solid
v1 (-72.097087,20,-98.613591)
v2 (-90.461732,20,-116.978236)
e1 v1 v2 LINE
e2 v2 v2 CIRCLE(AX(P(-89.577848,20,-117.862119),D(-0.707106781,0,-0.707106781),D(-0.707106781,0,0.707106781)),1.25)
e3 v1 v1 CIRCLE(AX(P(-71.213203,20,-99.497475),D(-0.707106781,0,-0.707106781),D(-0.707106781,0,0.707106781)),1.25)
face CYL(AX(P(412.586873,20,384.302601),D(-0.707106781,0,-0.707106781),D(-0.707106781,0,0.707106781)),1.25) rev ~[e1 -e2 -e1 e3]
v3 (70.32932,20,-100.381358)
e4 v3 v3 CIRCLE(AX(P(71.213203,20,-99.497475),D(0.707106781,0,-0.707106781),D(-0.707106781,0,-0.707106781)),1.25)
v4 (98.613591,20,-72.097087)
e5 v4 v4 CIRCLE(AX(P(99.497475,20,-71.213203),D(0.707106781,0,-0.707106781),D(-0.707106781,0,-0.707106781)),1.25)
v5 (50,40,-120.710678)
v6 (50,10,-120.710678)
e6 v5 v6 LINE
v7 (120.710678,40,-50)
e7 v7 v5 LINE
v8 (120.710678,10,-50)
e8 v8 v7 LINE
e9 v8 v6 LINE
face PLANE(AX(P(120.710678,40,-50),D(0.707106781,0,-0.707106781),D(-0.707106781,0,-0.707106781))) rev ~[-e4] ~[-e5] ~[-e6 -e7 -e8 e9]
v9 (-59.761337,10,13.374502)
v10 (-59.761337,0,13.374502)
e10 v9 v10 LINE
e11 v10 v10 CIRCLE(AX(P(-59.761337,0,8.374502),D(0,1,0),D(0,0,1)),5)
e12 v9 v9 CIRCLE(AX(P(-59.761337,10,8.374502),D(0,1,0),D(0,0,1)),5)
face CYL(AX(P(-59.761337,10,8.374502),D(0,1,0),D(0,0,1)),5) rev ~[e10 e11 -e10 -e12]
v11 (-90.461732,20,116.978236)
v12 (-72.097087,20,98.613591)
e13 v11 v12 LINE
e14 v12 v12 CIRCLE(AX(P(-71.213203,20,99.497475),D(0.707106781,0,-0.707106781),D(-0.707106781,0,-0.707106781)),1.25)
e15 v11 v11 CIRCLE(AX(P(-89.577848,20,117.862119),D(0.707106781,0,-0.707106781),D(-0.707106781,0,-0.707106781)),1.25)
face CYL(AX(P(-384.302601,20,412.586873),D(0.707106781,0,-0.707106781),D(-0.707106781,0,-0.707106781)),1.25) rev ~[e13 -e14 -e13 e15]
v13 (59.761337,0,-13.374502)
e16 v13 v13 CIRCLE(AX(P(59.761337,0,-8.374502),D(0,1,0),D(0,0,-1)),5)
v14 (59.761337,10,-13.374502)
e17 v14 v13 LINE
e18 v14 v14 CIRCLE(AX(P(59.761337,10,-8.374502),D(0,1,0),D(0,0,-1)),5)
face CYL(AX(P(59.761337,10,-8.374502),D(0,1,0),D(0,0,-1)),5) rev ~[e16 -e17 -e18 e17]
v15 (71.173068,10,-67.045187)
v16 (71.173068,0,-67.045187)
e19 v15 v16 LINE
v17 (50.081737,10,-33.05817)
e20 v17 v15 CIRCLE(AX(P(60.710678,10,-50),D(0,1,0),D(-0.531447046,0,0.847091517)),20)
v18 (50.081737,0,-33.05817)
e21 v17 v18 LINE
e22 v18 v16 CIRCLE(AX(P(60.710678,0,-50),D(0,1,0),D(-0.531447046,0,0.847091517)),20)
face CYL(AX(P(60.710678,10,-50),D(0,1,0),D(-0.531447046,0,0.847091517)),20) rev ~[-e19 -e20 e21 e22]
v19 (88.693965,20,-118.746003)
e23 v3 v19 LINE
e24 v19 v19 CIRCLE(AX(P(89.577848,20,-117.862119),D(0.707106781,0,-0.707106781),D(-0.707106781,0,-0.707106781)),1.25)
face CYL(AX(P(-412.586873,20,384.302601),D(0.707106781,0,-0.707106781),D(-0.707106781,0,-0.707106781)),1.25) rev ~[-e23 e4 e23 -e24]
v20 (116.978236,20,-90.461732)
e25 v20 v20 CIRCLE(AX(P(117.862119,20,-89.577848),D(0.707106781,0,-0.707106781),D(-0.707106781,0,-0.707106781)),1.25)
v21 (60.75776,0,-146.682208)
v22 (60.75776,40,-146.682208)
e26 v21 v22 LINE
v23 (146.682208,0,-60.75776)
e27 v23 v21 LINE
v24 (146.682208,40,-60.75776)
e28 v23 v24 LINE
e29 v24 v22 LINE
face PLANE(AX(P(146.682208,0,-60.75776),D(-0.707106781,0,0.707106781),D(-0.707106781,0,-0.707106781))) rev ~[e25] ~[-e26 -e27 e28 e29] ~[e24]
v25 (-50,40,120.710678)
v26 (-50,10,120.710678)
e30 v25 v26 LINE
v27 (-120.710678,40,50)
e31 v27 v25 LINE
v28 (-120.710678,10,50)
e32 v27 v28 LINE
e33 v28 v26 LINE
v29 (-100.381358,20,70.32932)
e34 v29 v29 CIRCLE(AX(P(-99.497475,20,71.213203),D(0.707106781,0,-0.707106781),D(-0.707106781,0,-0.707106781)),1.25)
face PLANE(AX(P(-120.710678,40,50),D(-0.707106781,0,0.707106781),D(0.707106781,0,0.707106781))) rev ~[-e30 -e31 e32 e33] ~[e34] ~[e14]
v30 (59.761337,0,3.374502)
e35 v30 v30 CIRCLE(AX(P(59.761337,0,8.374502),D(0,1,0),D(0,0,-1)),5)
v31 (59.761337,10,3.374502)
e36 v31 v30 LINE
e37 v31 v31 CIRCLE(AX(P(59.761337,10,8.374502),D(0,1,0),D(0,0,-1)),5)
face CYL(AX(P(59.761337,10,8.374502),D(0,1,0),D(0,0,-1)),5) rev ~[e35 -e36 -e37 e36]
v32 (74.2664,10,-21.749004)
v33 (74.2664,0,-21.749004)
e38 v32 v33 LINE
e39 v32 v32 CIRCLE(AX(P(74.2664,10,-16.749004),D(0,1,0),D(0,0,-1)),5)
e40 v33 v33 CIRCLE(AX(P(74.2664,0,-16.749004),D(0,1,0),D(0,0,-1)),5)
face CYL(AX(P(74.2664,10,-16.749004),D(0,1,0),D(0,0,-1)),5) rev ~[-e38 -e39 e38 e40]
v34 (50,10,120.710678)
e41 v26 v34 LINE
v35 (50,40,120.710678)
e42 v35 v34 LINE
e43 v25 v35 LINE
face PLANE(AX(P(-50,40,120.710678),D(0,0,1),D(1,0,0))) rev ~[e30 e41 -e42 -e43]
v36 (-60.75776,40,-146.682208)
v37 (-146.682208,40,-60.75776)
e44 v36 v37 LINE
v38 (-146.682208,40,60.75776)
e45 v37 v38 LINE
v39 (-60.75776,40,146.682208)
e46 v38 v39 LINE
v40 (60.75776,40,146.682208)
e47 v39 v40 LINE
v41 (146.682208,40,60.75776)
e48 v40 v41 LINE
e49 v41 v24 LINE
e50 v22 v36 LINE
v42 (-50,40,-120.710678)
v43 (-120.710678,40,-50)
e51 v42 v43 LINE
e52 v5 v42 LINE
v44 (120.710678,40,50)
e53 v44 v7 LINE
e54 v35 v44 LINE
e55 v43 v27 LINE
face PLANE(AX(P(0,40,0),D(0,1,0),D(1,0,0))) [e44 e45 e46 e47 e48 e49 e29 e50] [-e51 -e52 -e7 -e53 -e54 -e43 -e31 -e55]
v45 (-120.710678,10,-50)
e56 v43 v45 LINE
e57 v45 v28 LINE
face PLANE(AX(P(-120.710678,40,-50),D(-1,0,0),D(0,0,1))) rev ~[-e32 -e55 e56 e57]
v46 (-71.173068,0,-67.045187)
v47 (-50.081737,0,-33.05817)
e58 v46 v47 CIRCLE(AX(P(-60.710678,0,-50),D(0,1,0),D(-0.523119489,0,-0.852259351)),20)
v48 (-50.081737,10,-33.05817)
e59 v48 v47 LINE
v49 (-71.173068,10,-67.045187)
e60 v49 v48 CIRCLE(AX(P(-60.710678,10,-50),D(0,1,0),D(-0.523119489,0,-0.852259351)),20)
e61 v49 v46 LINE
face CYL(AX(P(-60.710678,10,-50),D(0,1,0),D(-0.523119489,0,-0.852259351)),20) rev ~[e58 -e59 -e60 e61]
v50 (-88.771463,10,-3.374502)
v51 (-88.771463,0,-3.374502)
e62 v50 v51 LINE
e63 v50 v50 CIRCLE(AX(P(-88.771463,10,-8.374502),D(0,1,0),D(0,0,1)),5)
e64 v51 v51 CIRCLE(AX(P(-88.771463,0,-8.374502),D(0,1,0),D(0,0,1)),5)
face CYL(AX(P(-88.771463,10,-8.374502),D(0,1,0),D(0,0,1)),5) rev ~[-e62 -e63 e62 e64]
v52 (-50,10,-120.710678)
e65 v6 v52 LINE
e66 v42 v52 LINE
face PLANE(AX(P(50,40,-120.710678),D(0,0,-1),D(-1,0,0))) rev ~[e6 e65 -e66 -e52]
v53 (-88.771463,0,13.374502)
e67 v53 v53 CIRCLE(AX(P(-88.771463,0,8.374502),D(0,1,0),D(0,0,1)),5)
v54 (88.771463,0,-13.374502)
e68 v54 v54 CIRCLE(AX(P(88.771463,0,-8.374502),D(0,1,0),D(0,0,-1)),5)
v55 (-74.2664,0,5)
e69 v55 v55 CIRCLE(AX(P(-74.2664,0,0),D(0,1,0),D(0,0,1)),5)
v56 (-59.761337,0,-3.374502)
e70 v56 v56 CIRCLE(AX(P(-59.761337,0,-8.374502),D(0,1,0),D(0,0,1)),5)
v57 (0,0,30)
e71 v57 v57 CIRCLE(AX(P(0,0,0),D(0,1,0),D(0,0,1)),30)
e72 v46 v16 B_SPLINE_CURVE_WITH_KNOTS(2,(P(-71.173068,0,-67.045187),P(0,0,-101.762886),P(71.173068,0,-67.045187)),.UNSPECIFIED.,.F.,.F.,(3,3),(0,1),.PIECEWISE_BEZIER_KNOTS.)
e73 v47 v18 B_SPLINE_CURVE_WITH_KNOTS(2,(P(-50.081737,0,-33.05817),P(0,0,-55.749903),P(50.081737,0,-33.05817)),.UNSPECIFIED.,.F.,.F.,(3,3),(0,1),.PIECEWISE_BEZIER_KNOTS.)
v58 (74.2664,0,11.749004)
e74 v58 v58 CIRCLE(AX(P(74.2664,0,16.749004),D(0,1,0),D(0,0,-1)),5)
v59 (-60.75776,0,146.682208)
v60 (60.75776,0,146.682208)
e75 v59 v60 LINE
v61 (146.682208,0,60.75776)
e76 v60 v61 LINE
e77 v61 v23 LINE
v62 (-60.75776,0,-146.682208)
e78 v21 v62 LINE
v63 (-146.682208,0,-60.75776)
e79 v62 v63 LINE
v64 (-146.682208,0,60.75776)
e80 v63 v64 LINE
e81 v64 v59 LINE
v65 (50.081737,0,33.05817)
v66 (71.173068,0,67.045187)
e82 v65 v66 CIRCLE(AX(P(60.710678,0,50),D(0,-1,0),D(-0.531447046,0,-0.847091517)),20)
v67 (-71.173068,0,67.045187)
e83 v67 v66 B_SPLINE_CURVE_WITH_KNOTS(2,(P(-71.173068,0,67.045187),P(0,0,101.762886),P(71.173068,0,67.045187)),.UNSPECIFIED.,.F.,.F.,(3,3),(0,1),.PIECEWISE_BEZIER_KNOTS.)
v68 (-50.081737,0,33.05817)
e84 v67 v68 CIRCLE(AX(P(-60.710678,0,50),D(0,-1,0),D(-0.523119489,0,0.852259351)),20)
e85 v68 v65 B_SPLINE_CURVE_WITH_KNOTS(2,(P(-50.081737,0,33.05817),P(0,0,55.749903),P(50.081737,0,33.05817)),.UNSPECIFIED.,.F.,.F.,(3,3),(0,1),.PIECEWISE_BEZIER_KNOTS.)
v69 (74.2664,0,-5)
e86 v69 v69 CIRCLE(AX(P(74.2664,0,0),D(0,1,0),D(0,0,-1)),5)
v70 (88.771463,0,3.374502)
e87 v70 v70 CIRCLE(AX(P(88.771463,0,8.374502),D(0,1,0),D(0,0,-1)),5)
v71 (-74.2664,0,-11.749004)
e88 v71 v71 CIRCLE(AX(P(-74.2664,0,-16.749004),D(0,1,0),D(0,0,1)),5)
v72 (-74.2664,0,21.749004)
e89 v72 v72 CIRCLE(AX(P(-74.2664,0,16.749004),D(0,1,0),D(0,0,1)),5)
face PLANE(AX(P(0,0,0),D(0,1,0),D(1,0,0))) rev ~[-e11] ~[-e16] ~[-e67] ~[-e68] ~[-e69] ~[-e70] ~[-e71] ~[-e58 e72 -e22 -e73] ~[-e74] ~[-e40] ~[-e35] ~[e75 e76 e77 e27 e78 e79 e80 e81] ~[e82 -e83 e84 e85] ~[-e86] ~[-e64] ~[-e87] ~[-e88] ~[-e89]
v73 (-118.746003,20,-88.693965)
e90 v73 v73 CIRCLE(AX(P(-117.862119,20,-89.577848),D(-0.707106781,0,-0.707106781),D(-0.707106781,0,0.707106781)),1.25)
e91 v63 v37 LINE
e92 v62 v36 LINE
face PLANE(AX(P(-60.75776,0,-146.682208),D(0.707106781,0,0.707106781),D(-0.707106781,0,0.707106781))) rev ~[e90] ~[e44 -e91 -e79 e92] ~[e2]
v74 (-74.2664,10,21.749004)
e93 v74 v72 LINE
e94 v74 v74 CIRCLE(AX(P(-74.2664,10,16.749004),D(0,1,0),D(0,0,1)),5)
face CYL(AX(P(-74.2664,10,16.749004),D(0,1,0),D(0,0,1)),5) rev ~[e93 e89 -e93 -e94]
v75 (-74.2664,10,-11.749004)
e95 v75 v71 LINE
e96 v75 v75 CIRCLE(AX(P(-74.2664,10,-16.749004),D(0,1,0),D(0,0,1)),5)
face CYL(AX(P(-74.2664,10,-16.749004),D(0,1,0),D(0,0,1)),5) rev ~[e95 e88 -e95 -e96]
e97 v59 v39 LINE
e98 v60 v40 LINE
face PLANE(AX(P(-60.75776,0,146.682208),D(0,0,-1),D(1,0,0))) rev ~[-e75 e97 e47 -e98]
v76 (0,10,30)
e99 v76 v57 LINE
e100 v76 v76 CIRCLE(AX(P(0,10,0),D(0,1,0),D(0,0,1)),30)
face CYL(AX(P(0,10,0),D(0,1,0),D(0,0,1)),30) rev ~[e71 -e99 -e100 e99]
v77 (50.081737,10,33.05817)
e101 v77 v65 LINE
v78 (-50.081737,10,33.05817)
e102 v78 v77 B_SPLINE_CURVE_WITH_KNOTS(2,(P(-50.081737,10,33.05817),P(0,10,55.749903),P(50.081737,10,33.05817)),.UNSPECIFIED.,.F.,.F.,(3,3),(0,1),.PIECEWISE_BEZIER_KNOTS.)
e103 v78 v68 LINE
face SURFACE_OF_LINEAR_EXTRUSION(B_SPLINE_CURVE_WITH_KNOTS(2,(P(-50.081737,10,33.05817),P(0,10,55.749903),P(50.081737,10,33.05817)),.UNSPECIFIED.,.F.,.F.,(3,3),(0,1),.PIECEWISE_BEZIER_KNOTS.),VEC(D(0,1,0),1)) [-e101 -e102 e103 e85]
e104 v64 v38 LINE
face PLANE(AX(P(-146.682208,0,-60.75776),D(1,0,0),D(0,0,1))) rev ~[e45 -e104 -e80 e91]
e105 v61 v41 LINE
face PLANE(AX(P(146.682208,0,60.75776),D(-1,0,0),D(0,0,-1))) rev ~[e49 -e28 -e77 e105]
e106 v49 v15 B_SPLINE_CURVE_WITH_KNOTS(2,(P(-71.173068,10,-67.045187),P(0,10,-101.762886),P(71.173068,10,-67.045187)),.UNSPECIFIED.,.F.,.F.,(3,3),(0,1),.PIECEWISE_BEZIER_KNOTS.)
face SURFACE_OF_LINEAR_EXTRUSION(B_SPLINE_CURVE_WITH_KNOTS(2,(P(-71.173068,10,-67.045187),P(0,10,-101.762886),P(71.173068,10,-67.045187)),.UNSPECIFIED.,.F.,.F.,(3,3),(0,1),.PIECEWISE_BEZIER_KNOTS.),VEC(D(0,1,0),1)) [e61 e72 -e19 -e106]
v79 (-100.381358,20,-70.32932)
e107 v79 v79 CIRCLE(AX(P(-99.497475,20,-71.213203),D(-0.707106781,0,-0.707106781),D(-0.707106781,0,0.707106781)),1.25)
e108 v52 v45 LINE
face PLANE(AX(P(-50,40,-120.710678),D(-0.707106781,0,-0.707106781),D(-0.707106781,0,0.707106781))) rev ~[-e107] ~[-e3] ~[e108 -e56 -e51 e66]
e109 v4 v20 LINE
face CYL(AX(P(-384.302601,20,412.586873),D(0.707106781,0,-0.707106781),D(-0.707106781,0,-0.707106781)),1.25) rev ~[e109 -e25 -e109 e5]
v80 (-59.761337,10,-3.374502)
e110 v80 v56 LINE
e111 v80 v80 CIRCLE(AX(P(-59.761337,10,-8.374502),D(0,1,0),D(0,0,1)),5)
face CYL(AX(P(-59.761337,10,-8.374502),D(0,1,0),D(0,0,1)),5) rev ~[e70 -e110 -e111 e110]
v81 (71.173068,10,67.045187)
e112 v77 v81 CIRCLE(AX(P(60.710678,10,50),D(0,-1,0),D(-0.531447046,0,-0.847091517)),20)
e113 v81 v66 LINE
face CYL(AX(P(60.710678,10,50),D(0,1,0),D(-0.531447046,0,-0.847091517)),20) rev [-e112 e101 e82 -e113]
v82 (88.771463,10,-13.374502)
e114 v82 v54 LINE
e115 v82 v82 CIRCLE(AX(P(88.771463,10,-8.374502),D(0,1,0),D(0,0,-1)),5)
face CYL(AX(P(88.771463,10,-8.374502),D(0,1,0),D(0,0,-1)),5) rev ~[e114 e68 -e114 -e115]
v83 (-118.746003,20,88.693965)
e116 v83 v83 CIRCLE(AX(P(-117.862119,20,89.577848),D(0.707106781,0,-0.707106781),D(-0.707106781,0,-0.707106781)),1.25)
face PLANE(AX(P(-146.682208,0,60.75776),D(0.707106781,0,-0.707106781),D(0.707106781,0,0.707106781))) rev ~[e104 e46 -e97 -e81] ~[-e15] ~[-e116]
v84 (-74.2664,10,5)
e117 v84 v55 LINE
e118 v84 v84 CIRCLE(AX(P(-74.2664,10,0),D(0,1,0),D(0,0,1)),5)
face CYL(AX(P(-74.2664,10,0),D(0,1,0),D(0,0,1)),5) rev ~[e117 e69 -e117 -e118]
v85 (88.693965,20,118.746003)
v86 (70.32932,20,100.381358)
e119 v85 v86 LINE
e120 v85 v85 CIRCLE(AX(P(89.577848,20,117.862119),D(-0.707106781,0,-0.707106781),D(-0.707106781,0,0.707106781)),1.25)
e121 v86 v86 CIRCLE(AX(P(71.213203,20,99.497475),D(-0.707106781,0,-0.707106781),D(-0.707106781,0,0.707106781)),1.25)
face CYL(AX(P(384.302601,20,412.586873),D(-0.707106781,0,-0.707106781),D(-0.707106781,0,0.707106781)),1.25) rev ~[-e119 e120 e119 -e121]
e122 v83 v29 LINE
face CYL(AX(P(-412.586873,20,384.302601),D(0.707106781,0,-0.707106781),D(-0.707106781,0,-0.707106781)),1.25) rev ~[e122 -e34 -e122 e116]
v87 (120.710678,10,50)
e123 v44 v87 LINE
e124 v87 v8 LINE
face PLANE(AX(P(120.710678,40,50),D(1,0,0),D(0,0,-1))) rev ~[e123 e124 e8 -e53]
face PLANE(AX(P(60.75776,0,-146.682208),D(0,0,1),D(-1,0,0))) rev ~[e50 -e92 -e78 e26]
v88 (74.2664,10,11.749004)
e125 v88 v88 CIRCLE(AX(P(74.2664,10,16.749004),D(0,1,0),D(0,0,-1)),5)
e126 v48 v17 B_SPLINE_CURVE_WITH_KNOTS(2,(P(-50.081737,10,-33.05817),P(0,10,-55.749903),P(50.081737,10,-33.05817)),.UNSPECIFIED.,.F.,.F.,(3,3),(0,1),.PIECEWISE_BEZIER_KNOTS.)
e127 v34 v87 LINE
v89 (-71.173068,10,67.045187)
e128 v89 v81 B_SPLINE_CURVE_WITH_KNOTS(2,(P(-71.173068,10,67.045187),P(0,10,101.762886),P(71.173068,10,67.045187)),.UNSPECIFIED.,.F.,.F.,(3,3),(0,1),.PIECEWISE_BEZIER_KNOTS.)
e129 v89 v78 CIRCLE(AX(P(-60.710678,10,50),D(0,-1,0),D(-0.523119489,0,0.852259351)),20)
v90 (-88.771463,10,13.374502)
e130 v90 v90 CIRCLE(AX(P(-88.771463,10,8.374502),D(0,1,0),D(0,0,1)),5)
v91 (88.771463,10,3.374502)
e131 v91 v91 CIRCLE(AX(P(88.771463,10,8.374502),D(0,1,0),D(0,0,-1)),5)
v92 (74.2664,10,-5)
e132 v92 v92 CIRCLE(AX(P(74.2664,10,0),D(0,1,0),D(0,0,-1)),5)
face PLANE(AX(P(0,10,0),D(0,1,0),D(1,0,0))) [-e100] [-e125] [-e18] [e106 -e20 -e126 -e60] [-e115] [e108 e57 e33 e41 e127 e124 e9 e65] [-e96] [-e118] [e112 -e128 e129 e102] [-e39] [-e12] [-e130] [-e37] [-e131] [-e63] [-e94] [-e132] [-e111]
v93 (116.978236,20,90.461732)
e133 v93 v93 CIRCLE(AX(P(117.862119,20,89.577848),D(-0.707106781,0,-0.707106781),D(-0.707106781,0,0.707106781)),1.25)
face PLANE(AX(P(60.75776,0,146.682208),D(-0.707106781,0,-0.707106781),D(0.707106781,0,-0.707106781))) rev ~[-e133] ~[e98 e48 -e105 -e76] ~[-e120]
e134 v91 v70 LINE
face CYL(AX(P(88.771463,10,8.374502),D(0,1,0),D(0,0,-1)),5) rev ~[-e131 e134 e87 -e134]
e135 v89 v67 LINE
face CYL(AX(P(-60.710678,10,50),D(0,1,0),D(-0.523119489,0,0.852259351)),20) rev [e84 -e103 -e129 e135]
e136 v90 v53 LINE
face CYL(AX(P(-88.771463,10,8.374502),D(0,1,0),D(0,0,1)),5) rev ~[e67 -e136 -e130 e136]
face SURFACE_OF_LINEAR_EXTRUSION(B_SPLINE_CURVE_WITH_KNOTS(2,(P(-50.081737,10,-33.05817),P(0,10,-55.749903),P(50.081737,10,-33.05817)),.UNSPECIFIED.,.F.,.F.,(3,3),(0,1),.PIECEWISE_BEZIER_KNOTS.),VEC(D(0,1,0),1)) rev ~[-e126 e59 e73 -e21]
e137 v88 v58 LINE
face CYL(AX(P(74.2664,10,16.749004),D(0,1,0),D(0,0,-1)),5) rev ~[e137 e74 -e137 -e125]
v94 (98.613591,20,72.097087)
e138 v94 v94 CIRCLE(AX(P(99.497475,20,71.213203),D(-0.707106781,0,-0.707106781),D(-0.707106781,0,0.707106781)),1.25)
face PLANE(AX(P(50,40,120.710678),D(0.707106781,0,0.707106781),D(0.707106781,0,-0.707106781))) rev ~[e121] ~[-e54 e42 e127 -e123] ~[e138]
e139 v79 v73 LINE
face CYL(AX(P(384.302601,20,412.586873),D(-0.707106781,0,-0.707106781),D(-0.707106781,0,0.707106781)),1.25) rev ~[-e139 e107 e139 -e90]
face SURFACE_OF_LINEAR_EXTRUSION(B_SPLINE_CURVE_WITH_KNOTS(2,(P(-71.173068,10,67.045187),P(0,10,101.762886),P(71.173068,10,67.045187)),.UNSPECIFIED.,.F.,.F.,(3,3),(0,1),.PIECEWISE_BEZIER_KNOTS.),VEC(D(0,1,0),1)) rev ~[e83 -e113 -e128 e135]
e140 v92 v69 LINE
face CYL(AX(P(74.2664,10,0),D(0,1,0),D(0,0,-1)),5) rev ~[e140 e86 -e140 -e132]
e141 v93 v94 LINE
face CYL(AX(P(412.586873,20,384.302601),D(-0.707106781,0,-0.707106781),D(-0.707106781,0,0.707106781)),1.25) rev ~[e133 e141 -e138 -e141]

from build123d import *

# Parameters (mm, degrees)
RESSALTO_EXTRUS_O1_DEPTH                = 40
CORTE_EXTRUS_O2_START                   = -5
CORTE_EXTRUS_O2_DEPTH                   = 25
CORTE_EXTRUS_O3_DEPTH                   = 25
ESBO_O4_R                               = 30
ESBO_O4_R_2                             = 5
CORTE_EXTRUS_O4_DEPTH                   = 10
BROCA_DE_ROSQUEAR_PARA_TARRAXA_DE_M31_D = 2.5
BROCA_DE_ROSQUEAR_PARA_TARRAXA_DE_M32_D = 2.5


with BuildPart() as part:
    # Esboço1 → Ressalto-extrusão1 (new body)
    with BuildSketch(Plane(origin=(0, 0, 0), x_dir=(1, 0, 0), z_dir=(0, 1, 0))):
        Polygon((146.682207566, -60.757759733), (146.682207566, 60.757759733), (60.757759733, 146.682207566), (-60.757759733, 146.682207566), (-146.682207566, 60.757759733), (-146.682207566, -60.757759733), (-60.757759733, -146.682207566), (60.757759733, -146.682207566), align=None)
    extrude(amount=RESSALTO_EXTRUS_O1_DEPTH)

    # Esboço2 → Corte-extrusão2 (cut)
    with BuildSketch(Plane(origin=(0, 40, 0), x_dir=(1, 0, 0), z_dir=(0, 1, 0)).offset(CORTE_EXTRUS_O2_START)):
        Polygon((120.710678119, 50), (50, 120.710678119), (-50, 120.710678119), (-120.710678119, 50), (-120.710678119, -50), (-50, -120.710678119), (50, -120.710678119), (120.710678119, -50), align=None)
    extrude(amount=-CORTE_EXTRUS_O2_DEPTH, mode=Mode.SUBTRACT)

    # Esboço3 → Corte-extrusão3 (cut)
    with BuildSketch(Plane(origin=(0, 40, 0), x_dir=(1, 0, 0), z_dir=(0, 1, 0))):
        Polygon((120.710678119, 50), (50, 120.710678119), (-50, 120.710678119), (-120.710678119, 50), (-120.710678119, -50), (-50, -120.710678119), (50, -120.710678119), (120.710678119, -50), align=None)
    extrude(amount=-CORTE_EXTRUS_O3_DEPTH, mode=Mode.SUBTRACT)

    # Esboço4 → Corte-extrusão4 (cut)
    with BuildSketch(Plane(origin=(0, 10, 0), x_dir=(1, 0, 0), z_dir=(0, 1, 0))):
        with Locations(Location((0, 0, 0), (0, 0, 270))):
            Circle(ESBO_O4_R)
        with Locations(Location((-74.266400318, 16.749004229, 0), (0, 0, 270))):
            Circle(ESBO_O4_R_2)
        with Locations(Location((-59.761337168, 8.374502115, 0), (0, 0, 270))):
            Circle(ESBO_O4_R_2)
        with Locations(Location((-59.761337168, -8.374502115, 0), (0, 0, 270))):
            Circle(ESBO_O4_R_2)
        with Locations(Location((-74.266400318, -16.749004229, 0), (0, 0, 270))):
            Circle(ESBO_O4_R_2)
        with Locations(Location((-88.771463469, -8.374502115, 0), (0, 0, 270))):
            Circle(ESBO_O4_R_2)
        with Locations(Location((-88.771463469, 8.374502115, 0), (0, 0, 270))):
            Circle(ESBO_O4_R_2)
        with Locations(Location((-74.266400318, 0, 0), (0, 0, 270))):
            Circle(ESBO_O4_R_2)
        with Locations(Location((74.266400318, 0, 0), (0, 0, 90))):
            Circle(ESBO_O4_R_2)
        with Locations(Location((88.771463469, 8.374502115, 0), (0, 0, 90))):
            Circle(ESBO_O4_R_2)
        with Locations(Location((88.771463469, -8.374502115, 0), (0, 0, 90))):
            Circle(ESBO_O4_R_2)
        with Locations(Location((74.266400318, -16.749004229, 0), (0, 0, 90))):
            Circle(ESBO_O4_R_2)
        with Locations(Location((59.761337168, -8.374502115, 0), (0, 0, 90))):
            Circle(ESBO_O4_R_2)
        with Locations(Location((59.761337168, 8.374502115, 0), (0, 0, 90))):
            Circle(ESBO_O4_R_2)
        with Locations(Location((74.266400318, 16.749004229, 0), (0, 0, 90))):
            Circle(ESBO_O4_R_2)
        with BuildLine():
            ThreePointArc((-71.17306789, 67.045187012), (-77.704390833, 39.454208035), (-50.081737205, 33.058169667))
            add(Edge.make_bspline(
                [(-50.081737205, 33.058169667), (0, 55.749902863), (50.081737205, 33.058169667)],
                knots=[0, 0, 0, 1, 1, 1], degree=2))
            ThreePointArc((50.081737205, 33.058169667), (77.704390833, 39.454208035), (71.17306789, 67.045187012))
            add(Edge.make_bspline(
                [(-71.17306789, 67.045187012), (0, 101.762885517), (71.17306789, 67.045187012)],
                knots=[0, 0, 0, 1, 1, 1], degree=2))
        make_face()
        with BuildLine():
            ThreePointArc((-71.17306789, -67.045187012), (-77.704390833, -39.454208035), (-50.081737205, -33.058169667))
            add(Edge.make_bspline(
                [(-50.081737205, -33.058169667), (0, -55.749902863), (50.081737205, -33.058169667)],
                knots=[0, 0, 0, 1, 1, 1], degree=2))
            ThreePointArc((50.081737205, -33.058169667), (77.704390833, -39.454208035), (71.17306789, -67.045187012))
            add(Edge.make_bspline(
                [(-71.17306789, -67.045187012), (0, -101.762885517), (71.17306789, -67.045187012)],
                knots=[0, 0, 0, 1, 1, 1], degree=2))
        make_face()
    extrude(amount=-CORTE_EXTRUS_O4_DEPTH, mode=Mode.SUBTRACT)

    # Broca de rosquear para tarraxa de M31 (through all)
    with Locations(Plane(origin=(103.719983649, 0, 103.719983649), x_dir=(0.7071067811865479, 0, -0.7071067811865472), z_dir=(0.7071067811865472, 0, 0.7071067811865479))):
        with Locations((-20, 20), (20, 20)):
            Hole(BROCA_DE_ROSQUEAR_PARA_TARRAXA_DE_M31_D / 2)

    # Broca de rosquear para tarraxa de M32 (through all)
    with Locations(Plane(origin=(-103.719983649, 0, 103.719983649), x_dir=(0.7071067811865476, 0, 0.7071067811865476), z_dir=(-0.7071067811865476, 0, 0.7071067811865476))):
        with Locations((-20, 20), (20, 20)):
            Hole(BROCA_DE_ROSQUEAR_PARA_TARRAXA_DE_M32_D / 2)


solid = part.part
